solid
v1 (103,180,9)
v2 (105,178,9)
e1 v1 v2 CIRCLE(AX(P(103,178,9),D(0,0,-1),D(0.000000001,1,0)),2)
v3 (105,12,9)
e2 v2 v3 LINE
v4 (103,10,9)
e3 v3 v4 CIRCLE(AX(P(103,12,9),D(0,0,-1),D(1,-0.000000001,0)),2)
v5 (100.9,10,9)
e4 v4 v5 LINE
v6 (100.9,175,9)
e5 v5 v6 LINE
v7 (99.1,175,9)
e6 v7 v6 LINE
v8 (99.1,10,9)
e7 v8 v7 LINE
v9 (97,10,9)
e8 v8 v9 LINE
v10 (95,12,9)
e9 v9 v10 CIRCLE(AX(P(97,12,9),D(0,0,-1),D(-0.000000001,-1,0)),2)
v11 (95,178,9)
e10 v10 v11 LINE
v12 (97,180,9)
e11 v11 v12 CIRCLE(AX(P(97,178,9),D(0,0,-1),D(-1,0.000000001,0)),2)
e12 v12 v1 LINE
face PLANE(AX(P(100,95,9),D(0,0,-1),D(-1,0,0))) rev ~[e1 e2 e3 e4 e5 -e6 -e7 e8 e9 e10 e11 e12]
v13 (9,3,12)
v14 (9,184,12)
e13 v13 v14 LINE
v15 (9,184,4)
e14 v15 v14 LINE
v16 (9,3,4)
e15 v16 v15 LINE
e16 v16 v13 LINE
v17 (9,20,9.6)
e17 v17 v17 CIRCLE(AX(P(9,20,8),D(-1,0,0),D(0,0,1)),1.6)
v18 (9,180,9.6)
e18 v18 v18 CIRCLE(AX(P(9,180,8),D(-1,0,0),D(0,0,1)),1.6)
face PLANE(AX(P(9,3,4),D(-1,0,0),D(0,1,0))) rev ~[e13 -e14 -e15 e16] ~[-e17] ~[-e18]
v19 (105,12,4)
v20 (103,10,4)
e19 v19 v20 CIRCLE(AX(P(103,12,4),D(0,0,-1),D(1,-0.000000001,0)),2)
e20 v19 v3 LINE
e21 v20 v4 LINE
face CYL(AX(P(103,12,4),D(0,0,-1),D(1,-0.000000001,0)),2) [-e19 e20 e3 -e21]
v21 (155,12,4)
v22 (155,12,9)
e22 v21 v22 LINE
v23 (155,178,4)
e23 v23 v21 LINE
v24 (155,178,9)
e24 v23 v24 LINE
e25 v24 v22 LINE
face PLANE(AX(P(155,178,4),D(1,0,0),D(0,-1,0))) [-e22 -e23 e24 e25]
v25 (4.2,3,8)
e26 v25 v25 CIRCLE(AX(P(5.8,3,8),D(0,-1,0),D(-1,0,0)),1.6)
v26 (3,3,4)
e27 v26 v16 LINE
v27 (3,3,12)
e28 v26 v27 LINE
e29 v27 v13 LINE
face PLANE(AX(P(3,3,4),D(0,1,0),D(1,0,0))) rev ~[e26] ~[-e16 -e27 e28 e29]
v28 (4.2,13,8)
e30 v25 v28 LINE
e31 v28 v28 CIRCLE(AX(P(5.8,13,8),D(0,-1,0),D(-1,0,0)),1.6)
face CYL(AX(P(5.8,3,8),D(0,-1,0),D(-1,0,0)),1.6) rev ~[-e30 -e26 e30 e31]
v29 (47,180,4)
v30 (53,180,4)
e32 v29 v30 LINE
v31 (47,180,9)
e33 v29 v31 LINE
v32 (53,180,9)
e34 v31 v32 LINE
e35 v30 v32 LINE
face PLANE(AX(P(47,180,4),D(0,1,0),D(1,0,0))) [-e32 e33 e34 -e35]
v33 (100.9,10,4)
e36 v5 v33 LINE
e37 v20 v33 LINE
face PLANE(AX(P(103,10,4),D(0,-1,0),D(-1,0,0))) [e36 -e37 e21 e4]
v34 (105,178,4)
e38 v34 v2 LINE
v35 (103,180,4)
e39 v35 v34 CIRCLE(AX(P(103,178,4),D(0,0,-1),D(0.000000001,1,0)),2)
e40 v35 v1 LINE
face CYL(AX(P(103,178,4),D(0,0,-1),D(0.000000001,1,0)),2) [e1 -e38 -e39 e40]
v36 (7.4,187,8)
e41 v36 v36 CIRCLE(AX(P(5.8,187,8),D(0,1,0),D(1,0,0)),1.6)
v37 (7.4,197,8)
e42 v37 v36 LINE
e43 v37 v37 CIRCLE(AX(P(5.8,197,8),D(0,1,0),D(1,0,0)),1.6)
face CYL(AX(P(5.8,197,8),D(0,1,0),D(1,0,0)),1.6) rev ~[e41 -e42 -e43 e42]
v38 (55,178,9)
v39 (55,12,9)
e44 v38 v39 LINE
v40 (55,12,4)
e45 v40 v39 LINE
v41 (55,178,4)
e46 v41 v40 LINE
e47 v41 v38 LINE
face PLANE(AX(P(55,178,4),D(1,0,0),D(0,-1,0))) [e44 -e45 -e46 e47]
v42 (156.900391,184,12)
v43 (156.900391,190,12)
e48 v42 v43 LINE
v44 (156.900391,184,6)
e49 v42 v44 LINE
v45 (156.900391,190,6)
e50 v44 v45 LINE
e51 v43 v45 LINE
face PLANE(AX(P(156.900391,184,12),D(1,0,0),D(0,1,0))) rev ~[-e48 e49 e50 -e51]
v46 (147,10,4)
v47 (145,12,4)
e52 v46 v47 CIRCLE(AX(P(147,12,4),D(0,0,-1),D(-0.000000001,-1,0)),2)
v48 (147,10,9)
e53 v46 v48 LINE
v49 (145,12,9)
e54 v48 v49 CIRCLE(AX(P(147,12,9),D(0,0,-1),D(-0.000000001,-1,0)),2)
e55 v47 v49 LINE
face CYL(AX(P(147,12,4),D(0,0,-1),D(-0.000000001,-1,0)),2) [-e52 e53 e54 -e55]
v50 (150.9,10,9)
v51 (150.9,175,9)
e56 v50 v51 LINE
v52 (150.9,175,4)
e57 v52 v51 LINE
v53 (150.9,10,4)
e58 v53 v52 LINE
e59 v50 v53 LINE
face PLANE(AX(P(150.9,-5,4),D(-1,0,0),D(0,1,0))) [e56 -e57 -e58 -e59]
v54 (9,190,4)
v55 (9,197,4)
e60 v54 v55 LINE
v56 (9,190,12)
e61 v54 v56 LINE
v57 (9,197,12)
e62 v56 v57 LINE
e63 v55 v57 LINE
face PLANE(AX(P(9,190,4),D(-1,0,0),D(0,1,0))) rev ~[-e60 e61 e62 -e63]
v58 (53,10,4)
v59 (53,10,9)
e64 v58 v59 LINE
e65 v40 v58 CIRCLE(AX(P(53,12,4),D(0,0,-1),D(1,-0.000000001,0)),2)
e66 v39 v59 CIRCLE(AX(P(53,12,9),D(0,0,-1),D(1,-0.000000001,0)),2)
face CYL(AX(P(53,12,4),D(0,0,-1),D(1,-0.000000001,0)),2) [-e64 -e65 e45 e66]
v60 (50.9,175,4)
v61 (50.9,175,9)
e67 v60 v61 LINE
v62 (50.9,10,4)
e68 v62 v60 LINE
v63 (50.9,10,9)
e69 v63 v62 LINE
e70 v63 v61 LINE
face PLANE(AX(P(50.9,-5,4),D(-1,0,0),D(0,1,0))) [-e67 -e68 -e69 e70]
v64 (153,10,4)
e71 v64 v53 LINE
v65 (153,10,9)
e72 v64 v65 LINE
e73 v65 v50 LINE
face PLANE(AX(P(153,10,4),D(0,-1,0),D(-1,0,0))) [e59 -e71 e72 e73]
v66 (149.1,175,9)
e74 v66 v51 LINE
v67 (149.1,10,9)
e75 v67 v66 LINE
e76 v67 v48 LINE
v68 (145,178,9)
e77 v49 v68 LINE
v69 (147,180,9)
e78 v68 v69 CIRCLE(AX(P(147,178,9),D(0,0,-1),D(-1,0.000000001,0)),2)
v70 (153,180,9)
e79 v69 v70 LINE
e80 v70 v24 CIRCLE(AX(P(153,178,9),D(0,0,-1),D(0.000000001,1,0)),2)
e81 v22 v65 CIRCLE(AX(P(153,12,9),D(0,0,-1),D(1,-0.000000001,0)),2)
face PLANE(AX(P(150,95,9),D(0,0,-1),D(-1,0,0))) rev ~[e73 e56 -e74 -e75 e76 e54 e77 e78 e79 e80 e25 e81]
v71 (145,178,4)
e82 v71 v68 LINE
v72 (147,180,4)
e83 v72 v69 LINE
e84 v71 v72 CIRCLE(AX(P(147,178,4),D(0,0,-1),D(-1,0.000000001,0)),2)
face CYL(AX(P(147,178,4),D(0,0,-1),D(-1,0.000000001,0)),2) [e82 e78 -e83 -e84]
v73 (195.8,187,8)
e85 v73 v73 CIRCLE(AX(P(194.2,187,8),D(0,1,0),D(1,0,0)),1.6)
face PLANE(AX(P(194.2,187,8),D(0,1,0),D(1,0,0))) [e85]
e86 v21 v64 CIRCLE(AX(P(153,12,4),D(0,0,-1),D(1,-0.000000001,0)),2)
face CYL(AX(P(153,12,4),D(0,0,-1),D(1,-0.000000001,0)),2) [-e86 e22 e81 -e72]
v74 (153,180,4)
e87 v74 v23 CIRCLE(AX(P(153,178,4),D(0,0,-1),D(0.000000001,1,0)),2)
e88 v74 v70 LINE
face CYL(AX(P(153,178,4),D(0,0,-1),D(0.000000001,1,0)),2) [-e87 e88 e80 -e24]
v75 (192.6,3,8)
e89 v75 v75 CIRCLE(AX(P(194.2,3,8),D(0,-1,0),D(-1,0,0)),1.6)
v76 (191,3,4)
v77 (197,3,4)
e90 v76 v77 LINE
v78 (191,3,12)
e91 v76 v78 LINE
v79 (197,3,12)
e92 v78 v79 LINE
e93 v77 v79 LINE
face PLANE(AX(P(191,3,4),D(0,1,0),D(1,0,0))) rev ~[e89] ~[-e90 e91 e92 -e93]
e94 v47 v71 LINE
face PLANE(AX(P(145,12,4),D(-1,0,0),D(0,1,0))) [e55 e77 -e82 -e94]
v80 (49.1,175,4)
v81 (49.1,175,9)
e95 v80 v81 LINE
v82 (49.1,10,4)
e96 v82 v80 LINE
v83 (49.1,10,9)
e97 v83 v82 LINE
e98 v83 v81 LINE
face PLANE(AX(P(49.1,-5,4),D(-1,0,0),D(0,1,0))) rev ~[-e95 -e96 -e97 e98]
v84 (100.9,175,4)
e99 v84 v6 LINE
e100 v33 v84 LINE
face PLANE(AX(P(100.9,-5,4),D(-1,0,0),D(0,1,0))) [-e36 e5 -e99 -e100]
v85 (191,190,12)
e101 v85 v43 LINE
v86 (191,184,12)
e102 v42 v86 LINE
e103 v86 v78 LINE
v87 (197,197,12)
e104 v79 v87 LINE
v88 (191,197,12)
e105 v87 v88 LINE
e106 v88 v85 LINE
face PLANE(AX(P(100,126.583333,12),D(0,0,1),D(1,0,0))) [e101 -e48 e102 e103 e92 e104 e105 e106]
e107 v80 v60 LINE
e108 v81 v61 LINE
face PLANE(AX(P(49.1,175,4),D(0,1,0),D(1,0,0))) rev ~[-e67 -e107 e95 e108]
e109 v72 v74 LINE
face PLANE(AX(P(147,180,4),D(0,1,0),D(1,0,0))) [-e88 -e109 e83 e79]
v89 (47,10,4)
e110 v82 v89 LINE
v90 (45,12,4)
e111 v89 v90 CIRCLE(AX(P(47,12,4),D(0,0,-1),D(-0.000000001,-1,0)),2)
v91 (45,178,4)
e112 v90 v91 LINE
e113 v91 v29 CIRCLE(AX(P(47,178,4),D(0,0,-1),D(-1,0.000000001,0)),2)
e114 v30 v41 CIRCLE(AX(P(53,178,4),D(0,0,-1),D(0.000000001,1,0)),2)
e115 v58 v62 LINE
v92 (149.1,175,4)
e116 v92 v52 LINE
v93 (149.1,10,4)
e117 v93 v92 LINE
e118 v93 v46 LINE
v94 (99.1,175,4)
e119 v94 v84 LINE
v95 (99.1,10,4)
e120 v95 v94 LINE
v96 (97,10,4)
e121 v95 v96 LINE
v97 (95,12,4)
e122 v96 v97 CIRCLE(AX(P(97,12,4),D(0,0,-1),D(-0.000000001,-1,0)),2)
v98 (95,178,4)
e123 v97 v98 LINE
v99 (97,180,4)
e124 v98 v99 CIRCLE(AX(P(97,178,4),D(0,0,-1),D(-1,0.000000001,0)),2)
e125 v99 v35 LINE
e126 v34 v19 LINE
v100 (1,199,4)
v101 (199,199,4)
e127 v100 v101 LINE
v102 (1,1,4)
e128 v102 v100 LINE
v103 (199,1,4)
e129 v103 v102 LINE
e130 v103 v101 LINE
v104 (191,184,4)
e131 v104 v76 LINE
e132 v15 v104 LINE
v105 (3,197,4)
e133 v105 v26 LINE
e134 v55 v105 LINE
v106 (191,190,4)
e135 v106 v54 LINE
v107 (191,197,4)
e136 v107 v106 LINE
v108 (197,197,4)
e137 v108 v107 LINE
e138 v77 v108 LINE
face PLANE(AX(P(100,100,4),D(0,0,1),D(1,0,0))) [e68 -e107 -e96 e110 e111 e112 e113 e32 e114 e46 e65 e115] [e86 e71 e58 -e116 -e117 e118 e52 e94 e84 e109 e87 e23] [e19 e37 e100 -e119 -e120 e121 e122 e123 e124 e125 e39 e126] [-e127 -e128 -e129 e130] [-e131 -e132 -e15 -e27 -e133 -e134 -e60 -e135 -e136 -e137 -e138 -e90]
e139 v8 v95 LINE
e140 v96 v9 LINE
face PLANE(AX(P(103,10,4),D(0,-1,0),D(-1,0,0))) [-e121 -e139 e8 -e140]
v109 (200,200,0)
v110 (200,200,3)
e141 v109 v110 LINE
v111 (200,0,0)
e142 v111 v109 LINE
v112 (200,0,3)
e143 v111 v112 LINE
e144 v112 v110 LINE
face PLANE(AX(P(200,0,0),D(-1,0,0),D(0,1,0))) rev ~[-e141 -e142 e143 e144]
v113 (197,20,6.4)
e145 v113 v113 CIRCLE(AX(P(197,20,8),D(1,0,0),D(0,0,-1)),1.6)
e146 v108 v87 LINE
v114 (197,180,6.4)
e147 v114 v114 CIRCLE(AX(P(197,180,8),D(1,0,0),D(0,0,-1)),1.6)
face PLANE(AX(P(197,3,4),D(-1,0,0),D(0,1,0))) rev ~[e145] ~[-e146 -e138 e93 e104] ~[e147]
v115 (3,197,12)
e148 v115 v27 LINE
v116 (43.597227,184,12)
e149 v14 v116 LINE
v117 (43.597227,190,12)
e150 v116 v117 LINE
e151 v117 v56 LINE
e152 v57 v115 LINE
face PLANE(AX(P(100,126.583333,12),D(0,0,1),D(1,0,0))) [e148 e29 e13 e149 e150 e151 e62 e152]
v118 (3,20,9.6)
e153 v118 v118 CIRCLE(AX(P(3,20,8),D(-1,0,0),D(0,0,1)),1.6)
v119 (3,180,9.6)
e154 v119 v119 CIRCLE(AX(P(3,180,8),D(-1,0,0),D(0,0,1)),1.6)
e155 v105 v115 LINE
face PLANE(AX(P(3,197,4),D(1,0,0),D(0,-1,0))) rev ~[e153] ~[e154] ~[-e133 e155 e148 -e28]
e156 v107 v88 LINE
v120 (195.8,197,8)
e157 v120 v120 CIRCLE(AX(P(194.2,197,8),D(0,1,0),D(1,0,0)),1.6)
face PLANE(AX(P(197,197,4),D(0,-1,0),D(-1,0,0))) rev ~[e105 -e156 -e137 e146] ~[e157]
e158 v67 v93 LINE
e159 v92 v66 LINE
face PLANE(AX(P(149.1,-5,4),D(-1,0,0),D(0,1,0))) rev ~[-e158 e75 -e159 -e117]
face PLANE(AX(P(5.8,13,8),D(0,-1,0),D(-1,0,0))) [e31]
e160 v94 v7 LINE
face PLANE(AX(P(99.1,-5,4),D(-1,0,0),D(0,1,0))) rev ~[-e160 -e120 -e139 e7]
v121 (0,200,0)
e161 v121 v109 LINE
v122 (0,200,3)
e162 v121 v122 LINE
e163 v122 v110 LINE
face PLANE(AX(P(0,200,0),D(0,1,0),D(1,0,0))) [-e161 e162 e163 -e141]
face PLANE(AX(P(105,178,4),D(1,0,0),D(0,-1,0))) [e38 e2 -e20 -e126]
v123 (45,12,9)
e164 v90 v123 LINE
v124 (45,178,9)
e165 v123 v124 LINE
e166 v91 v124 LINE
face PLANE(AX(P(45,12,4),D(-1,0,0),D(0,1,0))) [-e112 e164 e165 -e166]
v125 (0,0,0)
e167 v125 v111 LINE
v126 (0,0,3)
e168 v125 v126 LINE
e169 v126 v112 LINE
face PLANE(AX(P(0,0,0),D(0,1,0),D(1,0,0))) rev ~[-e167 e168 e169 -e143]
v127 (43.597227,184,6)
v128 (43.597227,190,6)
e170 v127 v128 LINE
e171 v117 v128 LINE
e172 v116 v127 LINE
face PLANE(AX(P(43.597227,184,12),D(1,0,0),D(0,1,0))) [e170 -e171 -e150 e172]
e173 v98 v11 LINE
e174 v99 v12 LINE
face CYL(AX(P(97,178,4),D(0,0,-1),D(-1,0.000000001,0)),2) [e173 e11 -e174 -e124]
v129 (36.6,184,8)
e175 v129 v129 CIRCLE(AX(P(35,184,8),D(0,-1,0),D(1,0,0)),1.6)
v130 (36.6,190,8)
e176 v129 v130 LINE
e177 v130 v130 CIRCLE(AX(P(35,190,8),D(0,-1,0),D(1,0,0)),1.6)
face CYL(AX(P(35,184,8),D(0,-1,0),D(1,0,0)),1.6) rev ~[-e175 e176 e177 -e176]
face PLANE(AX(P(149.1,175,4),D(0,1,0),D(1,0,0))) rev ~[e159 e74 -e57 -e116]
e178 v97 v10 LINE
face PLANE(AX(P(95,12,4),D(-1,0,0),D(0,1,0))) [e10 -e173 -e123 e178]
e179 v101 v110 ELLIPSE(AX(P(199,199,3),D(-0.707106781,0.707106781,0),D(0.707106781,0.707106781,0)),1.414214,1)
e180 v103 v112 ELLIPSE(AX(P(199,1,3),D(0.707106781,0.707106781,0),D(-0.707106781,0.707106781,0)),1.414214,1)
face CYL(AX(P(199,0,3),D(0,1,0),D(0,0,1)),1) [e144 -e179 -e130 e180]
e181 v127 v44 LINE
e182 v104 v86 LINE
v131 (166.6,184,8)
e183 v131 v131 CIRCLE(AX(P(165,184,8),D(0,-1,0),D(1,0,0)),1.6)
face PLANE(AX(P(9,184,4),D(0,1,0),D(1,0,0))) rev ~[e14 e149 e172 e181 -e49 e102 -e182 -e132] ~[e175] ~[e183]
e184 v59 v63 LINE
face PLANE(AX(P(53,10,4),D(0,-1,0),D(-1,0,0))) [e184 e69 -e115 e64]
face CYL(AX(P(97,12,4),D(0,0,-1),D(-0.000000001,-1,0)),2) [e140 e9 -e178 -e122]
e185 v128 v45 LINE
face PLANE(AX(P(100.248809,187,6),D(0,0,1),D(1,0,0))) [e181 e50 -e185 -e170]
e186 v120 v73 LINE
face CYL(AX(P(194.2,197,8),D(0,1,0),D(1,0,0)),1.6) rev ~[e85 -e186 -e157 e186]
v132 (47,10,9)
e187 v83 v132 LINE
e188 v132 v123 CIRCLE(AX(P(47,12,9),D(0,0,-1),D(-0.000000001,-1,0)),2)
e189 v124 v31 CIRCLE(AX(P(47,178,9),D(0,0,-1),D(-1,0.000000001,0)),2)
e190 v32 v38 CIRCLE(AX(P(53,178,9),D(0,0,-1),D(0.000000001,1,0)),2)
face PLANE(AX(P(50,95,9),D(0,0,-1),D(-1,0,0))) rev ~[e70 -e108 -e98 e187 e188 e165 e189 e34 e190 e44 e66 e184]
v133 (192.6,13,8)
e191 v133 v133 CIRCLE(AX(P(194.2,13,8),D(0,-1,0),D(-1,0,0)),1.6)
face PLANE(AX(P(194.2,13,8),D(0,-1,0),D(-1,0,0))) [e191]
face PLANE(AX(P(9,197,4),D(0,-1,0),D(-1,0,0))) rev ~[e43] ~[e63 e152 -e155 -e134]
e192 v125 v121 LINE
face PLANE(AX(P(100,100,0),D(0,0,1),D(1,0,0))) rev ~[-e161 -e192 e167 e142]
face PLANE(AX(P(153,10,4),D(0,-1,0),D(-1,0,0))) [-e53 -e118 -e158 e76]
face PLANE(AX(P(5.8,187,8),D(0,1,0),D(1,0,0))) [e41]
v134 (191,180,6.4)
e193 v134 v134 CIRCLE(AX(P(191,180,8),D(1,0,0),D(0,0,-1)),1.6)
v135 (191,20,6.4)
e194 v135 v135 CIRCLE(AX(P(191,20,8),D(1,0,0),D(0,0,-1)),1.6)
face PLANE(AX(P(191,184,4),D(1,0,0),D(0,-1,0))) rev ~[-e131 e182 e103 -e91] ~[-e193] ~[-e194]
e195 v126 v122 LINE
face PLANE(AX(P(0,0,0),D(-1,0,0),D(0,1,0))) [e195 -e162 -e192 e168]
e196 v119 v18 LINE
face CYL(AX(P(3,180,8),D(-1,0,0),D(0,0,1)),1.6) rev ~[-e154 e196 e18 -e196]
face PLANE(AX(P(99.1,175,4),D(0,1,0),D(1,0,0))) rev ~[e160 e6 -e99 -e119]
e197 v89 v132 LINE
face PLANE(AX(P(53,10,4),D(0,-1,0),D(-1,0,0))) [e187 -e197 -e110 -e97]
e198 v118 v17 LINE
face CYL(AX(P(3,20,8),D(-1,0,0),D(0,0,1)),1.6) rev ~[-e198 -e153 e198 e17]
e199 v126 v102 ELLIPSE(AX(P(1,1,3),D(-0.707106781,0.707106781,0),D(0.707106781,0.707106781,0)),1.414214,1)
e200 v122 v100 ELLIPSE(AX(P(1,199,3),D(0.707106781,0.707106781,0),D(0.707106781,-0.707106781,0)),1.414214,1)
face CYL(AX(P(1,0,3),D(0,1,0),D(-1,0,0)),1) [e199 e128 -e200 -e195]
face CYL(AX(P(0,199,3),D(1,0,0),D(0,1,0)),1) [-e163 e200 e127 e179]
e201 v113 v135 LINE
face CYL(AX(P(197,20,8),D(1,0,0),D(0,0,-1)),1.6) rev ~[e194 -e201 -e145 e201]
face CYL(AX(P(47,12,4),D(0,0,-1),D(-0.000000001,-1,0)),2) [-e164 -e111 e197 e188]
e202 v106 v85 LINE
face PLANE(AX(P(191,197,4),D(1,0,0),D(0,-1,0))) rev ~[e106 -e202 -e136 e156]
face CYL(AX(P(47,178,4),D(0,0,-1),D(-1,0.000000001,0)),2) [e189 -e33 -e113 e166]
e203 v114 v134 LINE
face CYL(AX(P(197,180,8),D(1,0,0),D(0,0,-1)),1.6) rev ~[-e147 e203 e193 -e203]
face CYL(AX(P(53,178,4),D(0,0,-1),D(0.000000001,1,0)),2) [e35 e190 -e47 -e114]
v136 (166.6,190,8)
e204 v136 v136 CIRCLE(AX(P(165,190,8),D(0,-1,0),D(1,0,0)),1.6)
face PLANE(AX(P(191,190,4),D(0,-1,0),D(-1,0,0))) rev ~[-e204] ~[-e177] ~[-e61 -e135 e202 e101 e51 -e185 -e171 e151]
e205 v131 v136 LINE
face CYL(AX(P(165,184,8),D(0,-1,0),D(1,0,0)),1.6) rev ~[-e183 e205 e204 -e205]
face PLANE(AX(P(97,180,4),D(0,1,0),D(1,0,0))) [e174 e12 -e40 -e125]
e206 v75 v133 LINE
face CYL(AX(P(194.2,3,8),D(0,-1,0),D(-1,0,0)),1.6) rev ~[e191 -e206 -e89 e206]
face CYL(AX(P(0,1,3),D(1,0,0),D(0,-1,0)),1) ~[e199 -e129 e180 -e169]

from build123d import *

# Parameters (mm, degrees)
ESQUISSE1_W                 = 200
ESQUISSE1_H                 = 200
BOSS_EXTRU_PAROIE_DEPTH     = 4
BOSS_EXTRU_BORDS_DEPTH      = 8
BOSS_EXTRU_GLISSIERES_DEPTH = 5
CONG_1_R                    = 1
ESQUISSE8_W                 = 1.8
ESQUISSE8_H                 = 180
ENL_V_MAT_EXTRU_6_DEPTH     = 9
ESQUISSE5_R                 = 1.6
ENL_V_MAT_EXTRU_2_DEPTH     = 10
ESQUISSE6_R                 = 1.6
ENL_V_MAT_EXTRU_3_DEPTH     = 10
ESQUISSE7_R                 = 1.6
ENL_V_MAT_EXTRU_4_DEPTH     = 10
ESQUISSE10_R                = 1.6
ENL_V_MAT_EXTRU_8_DEPTH     = 10
ESQUISSE11_W                = 113.303164178
ESQUISSE11_H                = 6
ENL_V_MAT_EXTRU_9_DEPTH     = 6
ESQUISSE9_R                 = 1.6
ENL_V_MAT_EXTRU_10_DEPTH    = 10


with BuildPart() as part:
    # Esquisse1 → Boss.-Extru. Paroie (new body)
    with BuildSketch(Plane.XY):
        with Locations((100, 100)):
            Rectangle(ESQUISSE1_W, ESQUISSE1_H)
    extrude(amount=BOSS_EXTRU_PAROIE_DEPTH)

    # Esquisse4 → Boss.-Extru. Bords (add)
    with BuildSketch(Plane.XY.offset(4)):
        Polygon((3, 3), (9, 3), (9, 184), (191, 184), (191, 3), (197, 3), (197, 197), (191, 197), (191, 190), (9, 190), (9, 197), (3, 197), align=None)
    extrude(amount=BOSS_EXTRU_BORDS_DEPTH)

    # Esquisse2 → Boss.-Extru. Glissieres (add)
    with BuildSketch(Plane.XY.offset(4)):
        with BuildLine():
            Line((47, 180), (53, 180))
            ThreePointArc((53, 180), (54.414213562, 179.414213562), (55, 178))
            Line((55, 178), (55, 12))
            ThreePointArc((55, 12), (54.414213562, 10.585786438), (53, 10))
            Line((53, 10), (47, 10))
            ThreePointArc((47, 10), (45.585786438, 10.585786438), (45, 12))
            Line((45, 12), (45, 178))
            ThreePointArc((45, 178), (45.585786438, 179.414213562), (47, 180))
        make_face()
        with BuildLine():
            Line((97, 180), (103, 180))
            ThreePointArc((103, 180), (104.414213562, 179.414213562), (105, 178))
            Line((105, 178), (105, 12))
            ThreePointArc((105, 12), (104.414213562, 10.585786438), (103, 10))
            Line((103, 10), (97, 10))
            ThreePointArc((97, 10), (95.585786438, 10.585786438), (95, 12))
            Line((95, 12), (95, 178))
            ThreePointArc((95, 178), (95.585786438, 179.414213562), (97, 180))
        make_face()
        with BuildLine():
            Line((147, 180), (153, 180))
            ThreePointArc((153, 180), (154.414213562, 179.414213562), (155, 178))
            Line((155, 178), (155, 12))
            ThreePointArc((155, 12), (154.414213562, 10.585786438), (153, 10))
            Line((153, 10), (147, 10))
            ThreePointArc((147, 10), (145.585786438, 10.585786438), (145, 12))
            Line((145, 12), (145, 178))
            ThreePointArc((145, 178), (145.585786438, 179.414213562), (147, 180))
        make_face()
    extrude(amount=BOSS_EXTRU_GLISSIERES_DEPTH)

    # Congé1
    cong_1_edges = [part.edges().sort_by_distance(p)[0] for p in [
        (200, 100, 4),
        (100, 200, 4),
        (0, 100, 4),
        (100, 0, 4),
    ]]
    fillet(cong_1_edges, radius=CONG_1_R)

    # Esquisse8 → Enlèv. mat.-Extru.6 (cut, through all)
    with BuildSketch(Plane.XY.offset(4)):
        with Locations((100, 85)):
            Rectangle(ESQUISSE8_W, ESQUISSE8_H)
        with Locations((150, 85)):
            Rectangle(ESQUISSE8_W, ESQUISSE8_H)
        with Locations((50, 85)):
            Rectangle(ESQUISSE8_W, ESQUISSE8_H)
    extrude(amount=ENL_V_MAT_EXTRU_6_DEPTH, mode=Mode.SUBTRACT)

    # Esquisse5 → Enlèv. mat.-Extru.2 (cut)
    with BuildSketch(Plane.ZY.offset(-3)):
        with Locations((8, 180)):
            Circle(ESQUISSE5_R)
        with Locations((8, 20)):
            Circle(ESQUISSE5_R)
    extrude(amount=-ENL_V_MAT_EXTRU_2_DEPTH, mode=Mode.SUBTRACT)

    # Esquisse6 → Enlèv. mat.-Extru.3 (cut)
    with BuildSketch(Plane(origin=(197, 0, 0), x_dir=(0, 0, -1), z_dir=(1, 0, 0))):
        with Locations((-8, 180)):
            Circle(ESQUISSE6_R)
        with Locations((-8, 20)):
            Circle(ESQUISSE6_R)
    extrude(amount=-ENL_V_MAT_EXTRU_3_DEPTH, mode=Mode.SUBTRACT)

    # Esquisse7 → Enlèv. mat.-Extru.4 (cut)
    with BuildSketch(Plane.XZ.offset(-184)):
        with Locations((35, 8)):
            Circle(ESQUISSE7_R)
        with Locations((165, 8)):
            Circle(ESQUISSE7_R)
    extrude(amount=-ENL_V_MAT_EXTRU_4_DEPTH, mode=Mode.SUBTRACT)

    # Esquisse10 → Enlèv. mat.-Extru.8 (cut)
    with BuildSketch(Plane(origin=(0, 3, 0), x_dir=(-1, 0, 0), z_dir=(0, -1, 0))):
        with Locations((-194.2, -8)):
            Circle(ESQUISSE10_R)
        with Locations((-5.8, -8)):
            Circle(ESQUISSE10_R)
    extrude(amount=-ENL_V_MAT_EXTRU_8_DEPTH, mode=Mode.SUBTRACT)

    # Esquisse11 → Enlèv. mat.-Extru.9 (cut)
    with BuildSketch(Plane.XY.offset(12)):
        with Locations((100.248809194, 187)):
            Rectangle(ESQUISSE11_W, ESQUISSE11_H)
    extrude(amount=-ENL_V_MAT_EXTRU_9_DEPTH, mode=Mode.SUBTRACT)

    # Esquisse9 → Enlèv. mat.-Extru.10 (cut)
    with BuildSketch(Plane(origin=(0, 197, 0), x_dir=(1, 0, 0), z_dir=(0, 1, 0))):
        with Locations((194.2, -8)):
            Circle(ESQUISSE9_R)
        with Locations((5.8, -8)):
            Circle(ESQUISSE9_R)
    extrude(amount=-ENL_V_MAT_EXTRU_10_DEPTH, mode=Mode.SUBTRACT)


solid = part.part
